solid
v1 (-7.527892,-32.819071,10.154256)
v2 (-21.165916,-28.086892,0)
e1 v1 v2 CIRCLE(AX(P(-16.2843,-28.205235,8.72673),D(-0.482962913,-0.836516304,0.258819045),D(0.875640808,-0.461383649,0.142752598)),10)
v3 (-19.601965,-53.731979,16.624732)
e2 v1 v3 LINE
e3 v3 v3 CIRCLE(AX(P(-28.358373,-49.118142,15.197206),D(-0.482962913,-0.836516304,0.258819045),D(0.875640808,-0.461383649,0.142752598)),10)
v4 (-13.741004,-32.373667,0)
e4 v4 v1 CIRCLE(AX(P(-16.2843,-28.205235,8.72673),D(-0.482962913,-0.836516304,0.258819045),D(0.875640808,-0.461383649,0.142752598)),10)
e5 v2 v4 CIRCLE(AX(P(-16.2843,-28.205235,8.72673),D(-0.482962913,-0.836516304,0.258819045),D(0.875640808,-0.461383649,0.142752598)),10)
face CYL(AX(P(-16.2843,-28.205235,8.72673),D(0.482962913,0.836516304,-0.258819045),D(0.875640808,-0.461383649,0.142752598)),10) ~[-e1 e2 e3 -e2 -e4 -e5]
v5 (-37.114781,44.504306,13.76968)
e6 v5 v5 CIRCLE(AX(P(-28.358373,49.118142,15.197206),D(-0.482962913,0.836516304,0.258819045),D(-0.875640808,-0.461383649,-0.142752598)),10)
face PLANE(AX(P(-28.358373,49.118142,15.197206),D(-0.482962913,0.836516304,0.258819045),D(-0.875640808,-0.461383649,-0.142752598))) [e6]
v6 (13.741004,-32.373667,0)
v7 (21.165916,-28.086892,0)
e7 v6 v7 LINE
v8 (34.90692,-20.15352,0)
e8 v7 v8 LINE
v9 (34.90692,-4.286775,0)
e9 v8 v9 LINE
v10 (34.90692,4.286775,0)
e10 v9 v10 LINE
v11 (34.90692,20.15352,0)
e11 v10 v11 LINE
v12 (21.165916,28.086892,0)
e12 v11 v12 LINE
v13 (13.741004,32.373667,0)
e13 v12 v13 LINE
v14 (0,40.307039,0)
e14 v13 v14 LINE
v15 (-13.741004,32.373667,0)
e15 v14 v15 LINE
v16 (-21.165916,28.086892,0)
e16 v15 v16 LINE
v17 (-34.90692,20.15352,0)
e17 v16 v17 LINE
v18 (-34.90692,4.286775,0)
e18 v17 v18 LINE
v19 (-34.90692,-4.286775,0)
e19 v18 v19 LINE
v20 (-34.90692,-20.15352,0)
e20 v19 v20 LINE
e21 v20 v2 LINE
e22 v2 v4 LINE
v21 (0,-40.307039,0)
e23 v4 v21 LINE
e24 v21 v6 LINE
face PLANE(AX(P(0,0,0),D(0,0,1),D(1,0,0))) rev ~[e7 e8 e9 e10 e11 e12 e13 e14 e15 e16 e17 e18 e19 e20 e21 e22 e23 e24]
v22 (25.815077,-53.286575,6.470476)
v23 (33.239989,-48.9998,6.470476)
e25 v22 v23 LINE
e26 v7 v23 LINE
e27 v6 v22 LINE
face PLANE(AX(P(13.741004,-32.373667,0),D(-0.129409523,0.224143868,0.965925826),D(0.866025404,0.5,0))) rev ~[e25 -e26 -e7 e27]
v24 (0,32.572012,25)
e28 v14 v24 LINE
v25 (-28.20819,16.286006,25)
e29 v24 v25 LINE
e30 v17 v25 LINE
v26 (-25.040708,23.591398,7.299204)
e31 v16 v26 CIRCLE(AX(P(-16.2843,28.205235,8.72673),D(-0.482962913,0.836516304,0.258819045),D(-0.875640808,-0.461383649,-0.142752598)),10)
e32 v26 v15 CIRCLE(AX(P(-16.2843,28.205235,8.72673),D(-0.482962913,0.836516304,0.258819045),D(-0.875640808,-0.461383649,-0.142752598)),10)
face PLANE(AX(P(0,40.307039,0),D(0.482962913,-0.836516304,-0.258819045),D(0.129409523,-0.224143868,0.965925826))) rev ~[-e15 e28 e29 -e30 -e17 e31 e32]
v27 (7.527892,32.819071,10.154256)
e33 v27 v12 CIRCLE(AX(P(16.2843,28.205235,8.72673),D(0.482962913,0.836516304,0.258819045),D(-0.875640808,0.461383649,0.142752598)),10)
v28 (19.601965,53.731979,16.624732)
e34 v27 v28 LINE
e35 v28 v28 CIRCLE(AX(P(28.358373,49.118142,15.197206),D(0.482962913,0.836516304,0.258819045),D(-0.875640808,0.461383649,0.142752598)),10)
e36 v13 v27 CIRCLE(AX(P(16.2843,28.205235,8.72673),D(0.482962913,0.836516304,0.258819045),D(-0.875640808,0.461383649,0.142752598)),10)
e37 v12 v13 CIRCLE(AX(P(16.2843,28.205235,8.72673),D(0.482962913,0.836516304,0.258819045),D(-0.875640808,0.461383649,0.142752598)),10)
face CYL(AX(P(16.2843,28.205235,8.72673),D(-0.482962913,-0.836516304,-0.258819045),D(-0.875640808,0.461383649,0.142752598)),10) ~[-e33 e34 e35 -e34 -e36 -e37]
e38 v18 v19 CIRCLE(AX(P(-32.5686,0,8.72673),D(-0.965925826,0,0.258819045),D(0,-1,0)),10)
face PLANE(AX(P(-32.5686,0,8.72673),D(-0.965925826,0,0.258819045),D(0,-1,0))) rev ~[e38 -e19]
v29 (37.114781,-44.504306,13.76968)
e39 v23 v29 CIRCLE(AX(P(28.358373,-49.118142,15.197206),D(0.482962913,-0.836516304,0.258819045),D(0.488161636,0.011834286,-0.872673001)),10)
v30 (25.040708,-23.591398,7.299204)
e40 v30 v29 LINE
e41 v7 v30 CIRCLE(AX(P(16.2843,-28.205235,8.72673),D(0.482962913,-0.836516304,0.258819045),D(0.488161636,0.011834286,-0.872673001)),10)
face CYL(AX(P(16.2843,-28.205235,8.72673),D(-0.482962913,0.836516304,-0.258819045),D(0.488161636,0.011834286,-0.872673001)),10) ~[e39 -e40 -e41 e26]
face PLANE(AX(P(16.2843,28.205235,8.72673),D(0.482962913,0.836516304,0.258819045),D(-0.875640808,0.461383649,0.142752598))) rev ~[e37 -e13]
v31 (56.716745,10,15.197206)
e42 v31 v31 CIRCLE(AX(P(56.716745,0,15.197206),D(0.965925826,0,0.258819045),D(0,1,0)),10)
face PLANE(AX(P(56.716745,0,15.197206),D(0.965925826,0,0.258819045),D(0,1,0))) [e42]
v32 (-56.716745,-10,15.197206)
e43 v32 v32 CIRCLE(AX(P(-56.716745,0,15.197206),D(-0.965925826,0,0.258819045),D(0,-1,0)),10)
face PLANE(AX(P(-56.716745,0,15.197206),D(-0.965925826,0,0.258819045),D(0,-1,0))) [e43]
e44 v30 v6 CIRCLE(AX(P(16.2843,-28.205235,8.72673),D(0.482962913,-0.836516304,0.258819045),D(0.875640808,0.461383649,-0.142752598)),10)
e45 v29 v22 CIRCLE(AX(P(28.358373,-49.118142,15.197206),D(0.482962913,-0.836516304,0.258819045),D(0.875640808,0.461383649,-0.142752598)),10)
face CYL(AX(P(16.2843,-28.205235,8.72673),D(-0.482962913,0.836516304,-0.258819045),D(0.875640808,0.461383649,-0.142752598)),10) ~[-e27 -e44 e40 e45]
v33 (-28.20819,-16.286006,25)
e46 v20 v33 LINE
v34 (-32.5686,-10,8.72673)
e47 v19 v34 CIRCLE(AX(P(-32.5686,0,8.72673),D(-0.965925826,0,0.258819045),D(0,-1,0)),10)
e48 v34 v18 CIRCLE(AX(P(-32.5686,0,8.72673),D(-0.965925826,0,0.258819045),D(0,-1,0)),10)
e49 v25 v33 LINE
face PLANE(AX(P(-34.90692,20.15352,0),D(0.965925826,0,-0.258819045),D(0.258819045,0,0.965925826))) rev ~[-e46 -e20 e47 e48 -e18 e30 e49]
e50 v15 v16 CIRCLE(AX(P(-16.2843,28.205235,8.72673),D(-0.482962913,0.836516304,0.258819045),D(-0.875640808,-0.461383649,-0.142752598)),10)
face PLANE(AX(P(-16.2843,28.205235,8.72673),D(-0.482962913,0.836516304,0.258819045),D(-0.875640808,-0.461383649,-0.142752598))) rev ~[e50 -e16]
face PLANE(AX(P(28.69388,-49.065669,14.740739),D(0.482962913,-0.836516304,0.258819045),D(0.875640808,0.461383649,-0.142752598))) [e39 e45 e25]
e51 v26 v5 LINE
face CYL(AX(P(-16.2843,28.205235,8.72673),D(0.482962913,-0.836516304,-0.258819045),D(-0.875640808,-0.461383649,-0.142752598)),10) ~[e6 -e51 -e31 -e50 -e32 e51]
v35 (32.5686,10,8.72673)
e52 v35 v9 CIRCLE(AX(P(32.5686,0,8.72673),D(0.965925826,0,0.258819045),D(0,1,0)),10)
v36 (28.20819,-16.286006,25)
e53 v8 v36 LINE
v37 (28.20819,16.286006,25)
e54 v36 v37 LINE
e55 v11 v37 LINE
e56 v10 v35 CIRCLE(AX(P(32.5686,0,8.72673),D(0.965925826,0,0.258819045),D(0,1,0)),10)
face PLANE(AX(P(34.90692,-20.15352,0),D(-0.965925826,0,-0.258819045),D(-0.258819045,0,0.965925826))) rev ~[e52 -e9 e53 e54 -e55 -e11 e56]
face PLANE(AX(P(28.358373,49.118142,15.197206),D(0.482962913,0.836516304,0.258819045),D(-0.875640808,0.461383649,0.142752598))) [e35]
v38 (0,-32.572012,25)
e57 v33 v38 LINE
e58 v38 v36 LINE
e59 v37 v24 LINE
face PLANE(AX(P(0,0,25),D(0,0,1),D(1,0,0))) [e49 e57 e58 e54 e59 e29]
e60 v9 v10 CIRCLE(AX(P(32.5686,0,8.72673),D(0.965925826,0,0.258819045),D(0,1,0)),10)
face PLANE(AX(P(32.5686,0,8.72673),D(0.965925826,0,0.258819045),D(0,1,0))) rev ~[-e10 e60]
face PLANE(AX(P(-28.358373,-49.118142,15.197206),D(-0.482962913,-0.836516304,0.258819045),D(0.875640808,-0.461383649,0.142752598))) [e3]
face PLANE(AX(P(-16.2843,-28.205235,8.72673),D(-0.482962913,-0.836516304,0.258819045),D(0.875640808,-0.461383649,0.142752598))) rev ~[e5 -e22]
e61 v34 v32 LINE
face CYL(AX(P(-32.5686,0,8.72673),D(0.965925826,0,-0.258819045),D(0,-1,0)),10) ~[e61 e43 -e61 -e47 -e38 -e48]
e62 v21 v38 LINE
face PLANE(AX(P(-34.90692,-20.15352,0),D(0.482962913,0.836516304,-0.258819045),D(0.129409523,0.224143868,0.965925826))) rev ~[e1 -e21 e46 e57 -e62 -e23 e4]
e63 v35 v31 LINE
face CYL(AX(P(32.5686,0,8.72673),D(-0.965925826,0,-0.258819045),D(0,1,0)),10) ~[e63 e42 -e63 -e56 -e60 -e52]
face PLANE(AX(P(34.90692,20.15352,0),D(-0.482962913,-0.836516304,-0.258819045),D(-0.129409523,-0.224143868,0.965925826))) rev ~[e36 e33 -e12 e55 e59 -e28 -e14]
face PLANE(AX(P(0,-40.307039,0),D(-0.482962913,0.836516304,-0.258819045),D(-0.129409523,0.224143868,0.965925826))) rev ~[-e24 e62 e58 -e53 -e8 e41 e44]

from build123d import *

# Parameters (mm, degrees)
F1_DEPTH  = 25
F1_TAPER  = 15
F2_R      = 10
F3_DEPTH  = 25
F8_DEPTH  = 25
F9_R      = 10
F10_DEPTH = 25
F11_R     = 10
F12_DEPTH = 25
F13_R     = 10
F5_DEPTH  = 25
F6_R      = 10
F7_DEPTH  = 25


with BuildPart() as f1:
    # F0 (on Top) → F1 (new body)
    with BuildSketch(Plane.XY):
        Polygon((-34.9069200456, 20.1535196849), (-34.9069200456, -20.1535196849), (0, -40.3070393698), (34.9069200456, -20.1535196849), (34.9069200456, 20.1535196849), (0, 40.3070393698), align=None)
    extrude(amount=F1_DEPTH, taper=F1_TAPER)

    # F2 (on face) → F3 (join)
    with BuildSketch(Plane(origin=(-16.2842998932, -28.2052347808, 8.7267300114), x_dir=(0.8756408079, -0.4613836487, 0.1427525977), z_dir=(-0.4829629131, -0.8365163037, 0.2588190451))):
        Circle(F2_R)
    extrude(amount=F3_DEPTH)

    # F4 (on face) → F8 (join)
    with BuildSketch(Plane(origin=(16.2842998932, -28.2052347808, 8.7267300114), x_dir=(0.8756408079, 0.4613836487, -0.1427525977), z_dir=(0.4829629131, -0.8365163037, 0.2588190451))):
        with BuildLine():
            ThreePointArc((5.5749073304, -8.3018316206), (8.8246550444, -4.7037711836), (10, 0))
            ThreePointArc((10, 0), (-5.9563004457, 8.0325889351), (-2.9044970001, -9.5689026109))
            Line((-2.9044970001, -9.5689026109), (5.5749073304, -8.3018316206))
        make_face()
    extrude(amount=F8_DEPTH)

    # F9 (on face) → F10 (join)
    with BuildSketch(Plane(origin=(32.5685997865, 0, 8.7267300114), x_dir=(0, 1, 0), z_dir=(0.9659258263, 0, 0.2588190451))):
        Circle(F9_R)
    extrude(amount=F10_DEPTH)

    # F11 (on face) → F12 (join)
    with BuildSketch(Plane(origin=(16.2842998932, 28.2052347808, 8.7267300114), x_dir=(-0.8756408079, 0.4613836487, 0.1427525977), z_dir=(0.4829629131, 0.8365163037, 0.2588190451))):
        Circle(F11_R)
    extrude(amount=F12_DEPTH)

    # F13 (on face) → F5 (join)
    with BuildSketch(Plane(origin=(-16.2842998932, 28.2052347808, 8.7267300114), x_dir=(-0.8756408079, -0.4613836487, -0.1427525977), z_dir=(-0.4829629131, 0.8365163037, 0.2588190451))):
        Circle(F13_R)
    extrude(amount=F5_DEPTH)

    # F6 (on face) → F7 (join)
    with BuildSketch(Plane(origin=(-32.5685997865, 0, 8.7267300114), x_dir=(0, -1, 0), z_dir=(-0.9659258263, 0, 0.2588190451))):
        Circle(F6_R)
    extrude(amount=F7_DEPTH)


solid = f1.part
